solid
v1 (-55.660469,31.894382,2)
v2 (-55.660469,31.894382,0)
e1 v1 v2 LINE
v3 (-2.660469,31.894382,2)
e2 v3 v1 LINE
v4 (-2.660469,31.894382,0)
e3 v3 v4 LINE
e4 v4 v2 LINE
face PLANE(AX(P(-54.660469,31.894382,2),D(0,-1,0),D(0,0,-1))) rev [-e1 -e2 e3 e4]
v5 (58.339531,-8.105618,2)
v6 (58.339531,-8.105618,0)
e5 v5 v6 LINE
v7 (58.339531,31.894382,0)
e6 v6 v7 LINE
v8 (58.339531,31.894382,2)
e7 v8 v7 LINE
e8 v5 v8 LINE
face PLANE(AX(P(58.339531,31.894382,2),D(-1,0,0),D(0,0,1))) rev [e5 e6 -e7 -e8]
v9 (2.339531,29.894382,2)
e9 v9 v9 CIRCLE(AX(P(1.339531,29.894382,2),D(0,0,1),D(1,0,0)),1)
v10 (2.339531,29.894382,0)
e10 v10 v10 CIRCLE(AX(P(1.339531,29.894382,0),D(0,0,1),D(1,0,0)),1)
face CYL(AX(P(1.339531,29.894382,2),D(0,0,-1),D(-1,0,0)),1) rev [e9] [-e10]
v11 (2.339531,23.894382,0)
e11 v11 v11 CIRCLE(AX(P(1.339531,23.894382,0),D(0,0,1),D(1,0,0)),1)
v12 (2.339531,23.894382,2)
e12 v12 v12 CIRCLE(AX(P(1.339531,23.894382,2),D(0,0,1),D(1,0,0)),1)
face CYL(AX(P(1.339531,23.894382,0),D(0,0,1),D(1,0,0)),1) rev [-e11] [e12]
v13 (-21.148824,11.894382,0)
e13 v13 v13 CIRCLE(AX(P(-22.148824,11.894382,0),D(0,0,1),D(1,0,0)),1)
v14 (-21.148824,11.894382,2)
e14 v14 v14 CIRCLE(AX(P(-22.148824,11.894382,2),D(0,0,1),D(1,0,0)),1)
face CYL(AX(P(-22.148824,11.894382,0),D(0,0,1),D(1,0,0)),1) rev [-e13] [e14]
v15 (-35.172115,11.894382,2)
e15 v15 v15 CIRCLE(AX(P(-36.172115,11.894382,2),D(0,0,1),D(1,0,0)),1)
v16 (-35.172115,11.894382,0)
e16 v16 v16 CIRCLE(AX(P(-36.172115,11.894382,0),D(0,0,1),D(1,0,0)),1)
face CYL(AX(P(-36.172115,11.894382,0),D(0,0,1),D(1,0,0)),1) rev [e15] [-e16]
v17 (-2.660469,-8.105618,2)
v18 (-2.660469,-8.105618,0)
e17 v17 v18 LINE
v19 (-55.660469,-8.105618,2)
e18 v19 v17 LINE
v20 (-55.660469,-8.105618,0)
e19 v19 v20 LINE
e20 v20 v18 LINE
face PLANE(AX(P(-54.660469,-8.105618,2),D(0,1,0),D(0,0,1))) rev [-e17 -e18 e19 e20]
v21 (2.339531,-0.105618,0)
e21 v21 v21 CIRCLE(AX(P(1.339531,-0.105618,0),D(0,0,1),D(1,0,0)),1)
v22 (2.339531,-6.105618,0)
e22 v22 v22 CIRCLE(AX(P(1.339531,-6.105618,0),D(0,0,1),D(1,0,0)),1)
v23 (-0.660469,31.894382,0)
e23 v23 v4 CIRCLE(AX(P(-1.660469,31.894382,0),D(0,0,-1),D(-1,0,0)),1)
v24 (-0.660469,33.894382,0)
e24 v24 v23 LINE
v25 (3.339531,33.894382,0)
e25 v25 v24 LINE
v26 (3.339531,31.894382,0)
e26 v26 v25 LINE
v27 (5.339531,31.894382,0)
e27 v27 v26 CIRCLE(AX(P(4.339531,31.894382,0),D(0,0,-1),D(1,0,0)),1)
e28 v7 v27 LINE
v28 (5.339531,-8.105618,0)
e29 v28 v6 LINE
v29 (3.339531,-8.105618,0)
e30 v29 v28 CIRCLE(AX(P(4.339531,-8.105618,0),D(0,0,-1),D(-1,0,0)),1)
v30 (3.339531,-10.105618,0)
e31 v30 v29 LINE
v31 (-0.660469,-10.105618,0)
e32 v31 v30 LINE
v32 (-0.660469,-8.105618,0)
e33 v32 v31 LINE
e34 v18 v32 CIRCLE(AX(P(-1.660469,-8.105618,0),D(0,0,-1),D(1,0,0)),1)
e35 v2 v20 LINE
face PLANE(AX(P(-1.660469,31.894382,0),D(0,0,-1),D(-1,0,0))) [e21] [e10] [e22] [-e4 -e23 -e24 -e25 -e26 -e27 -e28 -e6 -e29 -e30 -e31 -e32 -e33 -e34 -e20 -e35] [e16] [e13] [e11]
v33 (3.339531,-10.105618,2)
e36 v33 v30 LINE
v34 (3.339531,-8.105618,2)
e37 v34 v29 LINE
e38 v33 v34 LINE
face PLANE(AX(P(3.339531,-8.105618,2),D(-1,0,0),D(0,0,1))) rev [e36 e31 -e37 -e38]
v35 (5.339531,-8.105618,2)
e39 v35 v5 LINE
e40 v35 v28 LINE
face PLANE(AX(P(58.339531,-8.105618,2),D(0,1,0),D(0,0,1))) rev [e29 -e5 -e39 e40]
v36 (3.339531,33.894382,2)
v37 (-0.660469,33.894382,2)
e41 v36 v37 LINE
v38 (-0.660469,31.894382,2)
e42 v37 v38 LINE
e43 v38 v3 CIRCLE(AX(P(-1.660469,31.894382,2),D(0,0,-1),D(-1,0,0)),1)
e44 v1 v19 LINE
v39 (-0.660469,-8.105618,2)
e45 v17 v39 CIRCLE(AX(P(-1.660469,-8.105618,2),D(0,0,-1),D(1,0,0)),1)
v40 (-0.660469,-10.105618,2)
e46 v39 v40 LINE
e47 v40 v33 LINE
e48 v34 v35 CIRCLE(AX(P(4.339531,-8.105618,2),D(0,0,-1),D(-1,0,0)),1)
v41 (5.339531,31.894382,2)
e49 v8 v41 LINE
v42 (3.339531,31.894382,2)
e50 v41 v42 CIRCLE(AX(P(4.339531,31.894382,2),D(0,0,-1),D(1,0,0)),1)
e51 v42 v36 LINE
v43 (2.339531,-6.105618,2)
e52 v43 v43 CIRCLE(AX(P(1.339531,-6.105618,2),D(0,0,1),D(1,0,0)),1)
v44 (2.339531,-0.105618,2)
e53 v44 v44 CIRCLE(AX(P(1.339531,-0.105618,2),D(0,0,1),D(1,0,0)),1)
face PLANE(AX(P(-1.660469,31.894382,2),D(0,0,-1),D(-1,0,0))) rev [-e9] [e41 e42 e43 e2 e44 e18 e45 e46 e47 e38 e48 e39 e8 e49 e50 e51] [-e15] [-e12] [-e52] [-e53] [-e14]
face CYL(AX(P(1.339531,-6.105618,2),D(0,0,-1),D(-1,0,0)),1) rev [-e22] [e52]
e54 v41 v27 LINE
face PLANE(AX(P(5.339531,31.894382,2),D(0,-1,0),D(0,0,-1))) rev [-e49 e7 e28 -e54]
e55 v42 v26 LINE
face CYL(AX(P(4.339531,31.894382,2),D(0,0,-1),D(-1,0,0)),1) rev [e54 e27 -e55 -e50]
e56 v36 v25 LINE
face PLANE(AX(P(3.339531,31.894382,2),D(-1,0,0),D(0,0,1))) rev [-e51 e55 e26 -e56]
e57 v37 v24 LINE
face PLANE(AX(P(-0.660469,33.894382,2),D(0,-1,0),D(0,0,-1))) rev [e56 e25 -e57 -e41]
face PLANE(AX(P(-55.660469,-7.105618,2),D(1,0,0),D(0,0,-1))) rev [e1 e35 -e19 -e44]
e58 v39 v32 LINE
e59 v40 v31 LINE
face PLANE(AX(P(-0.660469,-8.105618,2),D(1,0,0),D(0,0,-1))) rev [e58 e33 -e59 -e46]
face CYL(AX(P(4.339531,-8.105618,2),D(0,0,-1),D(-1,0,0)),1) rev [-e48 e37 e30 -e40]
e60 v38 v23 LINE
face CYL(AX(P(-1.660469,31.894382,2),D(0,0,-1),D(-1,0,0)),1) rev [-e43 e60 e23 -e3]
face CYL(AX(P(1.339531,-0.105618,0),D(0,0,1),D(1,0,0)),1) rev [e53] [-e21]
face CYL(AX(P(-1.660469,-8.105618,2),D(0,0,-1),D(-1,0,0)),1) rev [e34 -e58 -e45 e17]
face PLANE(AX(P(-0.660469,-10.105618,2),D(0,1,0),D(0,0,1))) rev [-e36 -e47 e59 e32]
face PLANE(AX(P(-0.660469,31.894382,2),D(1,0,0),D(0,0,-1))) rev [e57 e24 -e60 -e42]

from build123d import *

# Parameters (mm, degrees)
SKETCH_1_R          = 1
EXTRUDE_1_DEPTH     = 2
SKETCH_2_R          = 1
CUT_EXTRUDE_1_DEPTH = 2


with BuildPart() as part:
    # 草圖1 → 填料-伸長1 (new body)
    with BuildSketch(Plane.XY):
        with BuildLine():
            Line((5.339530581, 31.894382022), (57.339530581, 31.894382022))
            Line((57.339530581, 31.894382022), (58.339530581, 31.894382022))
            Line((58.339530581, 31.894382022), (58.339530581, 30.894382022))
            Line((58.339530581, 30.894382022), (58.339530581, -7.105617978))
            Line((58.339530581, -7.105617978), (58.339530581, -8.105617978))
            Line((58.339530581, -8.105617978), (57.339530581, -8.105617978))
            Line((57.339530581, -8.105617978), (5.339530581, -8.105617978))
            ThreePointArc((5.339530581, -8.105617978), (4.339530581, -7.105617978), (3.339530581, -8.105617978))
            Line((3.339530581, -8.105617978), (3.339530581, -10.105617978))
            Line((3.339530581, -10.105617978), (-0.660469419, -10.105617978))
            Line((-0.660469419, -10.105617978), (-0.660469419, -8.105617978))
            ThreePointArc((-0.660469419, -8.105617978), (-1.660469419, -7.105617978), (-2.660469419, -8.105617978))
            Line((-2.660469419, -8.105617978), (-54.660469419, -8.105617978))
            Line((-54.660469419, -8.105617978), (-55.660469419, -8.105617978))
            Line((-55.660469419, -8.105617978), (-55.660469419, -7.105617978))
            Line((-55.660469419, -7.105617978), (-55.660469419, 30.894382022))
            Line((-55.660469419, 30.894382022), (-55.660469419, 31.894382022))
            Line((-55.660469419, 31.894382022), (-54.660469419, 31.894382022))
            Line((-54.660469419, 31.894382022), (-2.660469419, 31.894382022))
            ThreePointArc((-2.660469419, 31.894382022), (-1.660469419, 30.894382022), (-0.660469419, 31.894382022))
            Line((-0.660469419, 31.894382022), (-0.660469419, 33.894382022))
            Line((-0.660469419, 33.894382022), (3.339530581, 33.894382022))
            Line((3.339530581, 33.894382022), (3.339530581, 31.894382022))
            ThreePointArc((3.339530581, 31.894382022), (4.339530581, 30.894382022), (5.339530581, 31.894382022))
        make_face()
        with Locations((1.339530581, -6.105617978)):
            Circle(SKETCH_1_R, mode=Mode.SUBTRACT)
        with Locations((1.339530581, 29.894382022)):
            Circle(SKETCH_1_R, mode=Mode.SUBTRACT)
    extrude(amount=EXTRUDE_1_DEPTH)

    # 草圖2 → 除料-伸長1 (cut)
    with BuildSketch(Plane.XY.offset(2)):
        with Locations((1.339530581, 23.894382022)):
            Circle(SKETCH_2_R)
        with Locations((1.339530581, -0.105617978)):
            Circle(SKETCH_2_R)
        with Locations((-36.172114849, 11.894382022)):
            Circle(SKETCH_2_R)
        with Locations((-22.148823989, 11.894382022)):
            Circle(SKETCH_2_R)
    extrude(amount=-CUT_EXTRUDE_1_DEPTH, mode=Mode.SUBTRACT)


solid = part.part
